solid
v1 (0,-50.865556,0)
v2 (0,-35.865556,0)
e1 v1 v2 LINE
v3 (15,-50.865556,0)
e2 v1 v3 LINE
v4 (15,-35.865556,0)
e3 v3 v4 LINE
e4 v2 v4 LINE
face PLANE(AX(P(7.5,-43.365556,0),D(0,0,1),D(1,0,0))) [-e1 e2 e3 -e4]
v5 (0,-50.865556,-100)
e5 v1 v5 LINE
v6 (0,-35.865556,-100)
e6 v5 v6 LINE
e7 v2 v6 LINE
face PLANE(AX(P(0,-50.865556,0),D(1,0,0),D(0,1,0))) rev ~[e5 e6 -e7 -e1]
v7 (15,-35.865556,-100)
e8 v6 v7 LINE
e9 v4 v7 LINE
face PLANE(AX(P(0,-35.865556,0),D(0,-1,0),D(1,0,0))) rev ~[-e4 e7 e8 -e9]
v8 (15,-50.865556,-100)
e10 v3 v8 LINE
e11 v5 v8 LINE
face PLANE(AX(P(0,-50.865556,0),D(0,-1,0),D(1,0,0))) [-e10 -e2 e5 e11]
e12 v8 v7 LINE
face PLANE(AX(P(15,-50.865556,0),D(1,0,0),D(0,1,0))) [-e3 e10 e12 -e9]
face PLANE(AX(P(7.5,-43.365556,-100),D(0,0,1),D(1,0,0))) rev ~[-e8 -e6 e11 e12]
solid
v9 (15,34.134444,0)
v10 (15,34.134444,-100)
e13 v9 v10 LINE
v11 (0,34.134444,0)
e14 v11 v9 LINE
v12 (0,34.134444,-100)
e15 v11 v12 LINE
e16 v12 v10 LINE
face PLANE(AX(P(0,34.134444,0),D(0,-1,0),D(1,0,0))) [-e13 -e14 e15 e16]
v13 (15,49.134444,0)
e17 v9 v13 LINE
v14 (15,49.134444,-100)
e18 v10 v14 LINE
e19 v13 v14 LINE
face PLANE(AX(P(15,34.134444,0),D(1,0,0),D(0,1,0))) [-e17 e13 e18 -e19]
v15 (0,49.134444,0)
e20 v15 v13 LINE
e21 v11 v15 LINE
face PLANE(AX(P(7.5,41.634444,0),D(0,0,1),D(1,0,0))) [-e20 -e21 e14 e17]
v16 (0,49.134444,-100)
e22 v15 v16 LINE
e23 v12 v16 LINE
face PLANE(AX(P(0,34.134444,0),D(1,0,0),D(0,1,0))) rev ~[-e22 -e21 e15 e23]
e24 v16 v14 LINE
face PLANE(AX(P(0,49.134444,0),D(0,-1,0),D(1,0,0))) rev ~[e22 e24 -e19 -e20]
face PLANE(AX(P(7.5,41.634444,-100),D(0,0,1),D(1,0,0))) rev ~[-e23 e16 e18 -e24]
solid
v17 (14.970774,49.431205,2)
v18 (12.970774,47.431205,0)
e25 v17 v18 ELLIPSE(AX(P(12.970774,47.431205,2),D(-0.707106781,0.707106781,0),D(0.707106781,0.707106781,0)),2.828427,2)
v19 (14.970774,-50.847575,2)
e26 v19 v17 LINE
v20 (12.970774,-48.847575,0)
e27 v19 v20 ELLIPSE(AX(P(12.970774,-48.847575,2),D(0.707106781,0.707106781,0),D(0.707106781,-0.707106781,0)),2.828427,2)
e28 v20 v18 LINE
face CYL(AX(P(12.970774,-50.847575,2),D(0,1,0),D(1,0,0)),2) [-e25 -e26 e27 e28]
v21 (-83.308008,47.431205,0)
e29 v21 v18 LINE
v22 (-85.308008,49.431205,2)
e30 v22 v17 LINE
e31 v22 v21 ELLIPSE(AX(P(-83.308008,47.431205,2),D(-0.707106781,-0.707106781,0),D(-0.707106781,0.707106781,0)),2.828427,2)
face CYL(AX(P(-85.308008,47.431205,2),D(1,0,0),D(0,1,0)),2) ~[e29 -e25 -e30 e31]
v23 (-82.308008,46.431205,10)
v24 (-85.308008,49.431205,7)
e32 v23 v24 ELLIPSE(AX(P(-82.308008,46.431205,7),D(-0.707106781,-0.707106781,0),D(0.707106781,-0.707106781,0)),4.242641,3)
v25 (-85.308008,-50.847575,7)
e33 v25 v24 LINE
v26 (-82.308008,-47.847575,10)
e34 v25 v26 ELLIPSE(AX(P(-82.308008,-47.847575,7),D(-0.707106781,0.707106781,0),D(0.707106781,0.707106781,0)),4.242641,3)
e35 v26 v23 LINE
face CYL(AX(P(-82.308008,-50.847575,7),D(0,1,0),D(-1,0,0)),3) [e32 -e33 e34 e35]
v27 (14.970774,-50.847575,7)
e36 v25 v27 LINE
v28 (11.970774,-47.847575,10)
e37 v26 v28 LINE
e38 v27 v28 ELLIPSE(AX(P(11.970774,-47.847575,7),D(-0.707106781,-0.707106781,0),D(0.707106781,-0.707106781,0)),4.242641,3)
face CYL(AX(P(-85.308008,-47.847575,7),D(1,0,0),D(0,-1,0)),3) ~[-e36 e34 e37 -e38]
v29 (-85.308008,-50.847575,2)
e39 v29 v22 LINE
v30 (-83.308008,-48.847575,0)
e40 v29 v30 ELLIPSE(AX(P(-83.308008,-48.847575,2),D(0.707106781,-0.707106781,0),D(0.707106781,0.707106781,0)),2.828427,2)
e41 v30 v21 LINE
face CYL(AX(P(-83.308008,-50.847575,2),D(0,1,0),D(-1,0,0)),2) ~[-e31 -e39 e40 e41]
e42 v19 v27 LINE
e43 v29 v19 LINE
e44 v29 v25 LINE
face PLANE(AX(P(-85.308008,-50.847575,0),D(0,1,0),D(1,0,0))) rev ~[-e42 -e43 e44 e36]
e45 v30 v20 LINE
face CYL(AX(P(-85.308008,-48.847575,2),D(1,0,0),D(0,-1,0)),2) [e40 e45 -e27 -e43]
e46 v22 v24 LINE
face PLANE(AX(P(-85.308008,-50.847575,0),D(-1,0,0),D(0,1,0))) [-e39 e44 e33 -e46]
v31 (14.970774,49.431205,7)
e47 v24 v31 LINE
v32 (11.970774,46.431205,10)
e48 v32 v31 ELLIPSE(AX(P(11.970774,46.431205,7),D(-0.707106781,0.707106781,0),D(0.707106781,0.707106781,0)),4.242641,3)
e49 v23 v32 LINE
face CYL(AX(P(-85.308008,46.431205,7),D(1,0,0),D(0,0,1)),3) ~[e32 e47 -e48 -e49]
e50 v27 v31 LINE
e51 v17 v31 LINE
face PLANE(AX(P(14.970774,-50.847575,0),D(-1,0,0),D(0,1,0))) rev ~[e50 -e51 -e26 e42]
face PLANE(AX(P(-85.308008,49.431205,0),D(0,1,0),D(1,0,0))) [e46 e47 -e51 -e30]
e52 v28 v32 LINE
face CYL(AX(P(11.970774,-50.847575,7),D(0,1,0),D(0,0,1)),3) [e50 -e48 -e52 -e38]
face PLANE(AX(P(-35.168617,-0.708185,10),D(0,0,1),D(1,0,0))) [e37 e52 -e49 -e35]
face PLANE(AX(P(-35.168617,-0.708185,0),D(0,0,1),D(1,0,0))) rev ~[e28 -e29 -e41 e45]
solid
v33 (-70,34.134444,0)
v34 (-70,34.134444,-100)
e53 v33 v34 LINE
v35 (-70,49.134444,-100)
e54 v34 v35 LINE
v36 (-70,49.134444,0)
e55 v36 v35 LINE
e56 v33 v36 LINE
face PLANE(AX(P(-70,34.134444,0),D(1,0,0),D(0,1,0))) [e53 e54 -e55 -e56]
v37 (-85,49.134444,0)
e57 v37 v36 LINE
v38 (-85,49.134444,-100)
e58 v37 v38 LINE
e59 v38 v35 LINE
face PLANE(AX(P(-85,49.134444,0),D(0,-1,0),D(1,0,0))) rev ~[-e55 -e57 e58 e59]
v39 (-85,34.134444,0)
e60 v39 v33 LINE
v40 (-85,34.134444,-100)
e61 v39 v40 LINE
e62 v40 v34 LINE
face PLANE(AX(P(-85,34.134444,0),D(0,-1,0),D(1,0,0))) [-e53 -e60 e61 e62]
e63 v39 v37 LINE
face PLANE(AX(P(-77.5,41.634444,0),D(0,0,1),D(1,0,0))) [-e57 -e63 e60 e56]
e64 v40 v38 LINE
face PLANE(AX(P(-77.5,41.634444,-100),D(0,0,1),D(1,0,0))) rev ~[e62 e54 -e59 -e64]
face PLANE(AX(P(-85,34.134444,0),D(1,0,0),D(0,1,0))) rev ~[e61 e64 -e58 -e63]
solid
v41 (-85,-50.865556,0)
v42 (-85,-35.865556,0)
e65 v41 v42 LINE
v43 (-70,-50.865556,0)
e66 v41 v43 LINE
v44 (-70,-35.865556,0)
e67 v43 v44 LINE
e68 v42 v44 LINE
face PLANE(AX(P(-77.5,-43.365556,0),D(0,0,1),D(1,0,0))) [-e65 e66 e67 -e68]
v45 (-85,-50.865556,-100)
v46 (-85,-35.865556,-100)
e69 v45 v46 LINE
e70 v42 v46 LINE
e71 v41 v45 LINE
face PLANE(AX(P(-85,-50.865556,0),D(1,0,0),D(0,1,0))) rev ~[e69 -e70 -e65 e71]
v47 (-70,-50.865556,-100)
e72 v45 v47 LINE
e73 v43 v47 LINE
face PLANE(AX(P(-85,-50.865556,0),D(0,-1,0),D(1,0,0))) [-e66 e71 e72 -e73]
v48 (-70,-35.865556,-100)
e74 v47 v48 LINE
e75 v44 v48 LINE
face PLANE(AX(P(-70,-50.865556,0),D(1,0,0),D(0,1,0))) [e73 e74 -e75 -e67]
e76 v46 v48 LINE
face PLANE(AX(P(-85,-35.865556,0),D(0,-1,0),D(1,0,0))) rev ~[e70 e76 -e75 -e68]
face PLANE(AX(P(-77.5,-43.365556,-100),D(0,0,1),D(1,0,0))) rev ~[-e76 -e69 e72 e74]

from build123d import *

# Parameters (mm, degrees)
F0_W     = 15
F0_H     = 15
F1_DEPTH = 100
F2_W     = 100.278782
F2_H     = 100.27878
F3_DEPTH = 10
F4_R     = 2
F5_R     = 3


with BuildPart() as f1:
    # F0 (on Top) → F1 (new body)
    with BuildSketch(Plane.XY):
        with Locations((-77.5, 41.634444)):
            Rectangle(F0_W, F0_H)
        with Locations((-77.5, -43.365556)):
            Rectangle(F0_W, F0_H)
        with Locations((7.5, 41.634444)):
            Rectangle(F0_W, F0_H)
        with Locations((7.5, -43.365556)):
            Rectangle(F0_W, F0_H)
    extrude(amount=-F1_DEPTH)


with BuildPart() as f3:
    # F2 (on Top) → F3 (new body)
    with BuildSketch(Plane.XY):
        with Locations((-35.168617, -0.708185)):
            Rectangle(F2_W, F2_H)
    extrude(amount=F3_DEPTH)

    # F4
    f4_edges = [f3.edges().sort_by_distance(p)[0] for p in [
        (-85.308008, -0.708185, 0),
        (-35.168617, 49.431205, 0),
        (-35.168617, -50.847575, 0),
        (14.970774, -0.708185, 0),
    ]]
    fillet(f4_edges, radius=F4_R)

    # F5
    f5_edges = [f3.edges().sort_by_distance(p)[0] for p in [
        (-35.168617, 49.431205, 10),
        (-85.308008, -0.708185, 10),
        (-35.168617, -50.847575, 10),
        (14.970774, -0.708185, 10),
    ]]
    fillet(f5_edges, radius=F5_R)


solid = Compound([f1.part, f3.part])
